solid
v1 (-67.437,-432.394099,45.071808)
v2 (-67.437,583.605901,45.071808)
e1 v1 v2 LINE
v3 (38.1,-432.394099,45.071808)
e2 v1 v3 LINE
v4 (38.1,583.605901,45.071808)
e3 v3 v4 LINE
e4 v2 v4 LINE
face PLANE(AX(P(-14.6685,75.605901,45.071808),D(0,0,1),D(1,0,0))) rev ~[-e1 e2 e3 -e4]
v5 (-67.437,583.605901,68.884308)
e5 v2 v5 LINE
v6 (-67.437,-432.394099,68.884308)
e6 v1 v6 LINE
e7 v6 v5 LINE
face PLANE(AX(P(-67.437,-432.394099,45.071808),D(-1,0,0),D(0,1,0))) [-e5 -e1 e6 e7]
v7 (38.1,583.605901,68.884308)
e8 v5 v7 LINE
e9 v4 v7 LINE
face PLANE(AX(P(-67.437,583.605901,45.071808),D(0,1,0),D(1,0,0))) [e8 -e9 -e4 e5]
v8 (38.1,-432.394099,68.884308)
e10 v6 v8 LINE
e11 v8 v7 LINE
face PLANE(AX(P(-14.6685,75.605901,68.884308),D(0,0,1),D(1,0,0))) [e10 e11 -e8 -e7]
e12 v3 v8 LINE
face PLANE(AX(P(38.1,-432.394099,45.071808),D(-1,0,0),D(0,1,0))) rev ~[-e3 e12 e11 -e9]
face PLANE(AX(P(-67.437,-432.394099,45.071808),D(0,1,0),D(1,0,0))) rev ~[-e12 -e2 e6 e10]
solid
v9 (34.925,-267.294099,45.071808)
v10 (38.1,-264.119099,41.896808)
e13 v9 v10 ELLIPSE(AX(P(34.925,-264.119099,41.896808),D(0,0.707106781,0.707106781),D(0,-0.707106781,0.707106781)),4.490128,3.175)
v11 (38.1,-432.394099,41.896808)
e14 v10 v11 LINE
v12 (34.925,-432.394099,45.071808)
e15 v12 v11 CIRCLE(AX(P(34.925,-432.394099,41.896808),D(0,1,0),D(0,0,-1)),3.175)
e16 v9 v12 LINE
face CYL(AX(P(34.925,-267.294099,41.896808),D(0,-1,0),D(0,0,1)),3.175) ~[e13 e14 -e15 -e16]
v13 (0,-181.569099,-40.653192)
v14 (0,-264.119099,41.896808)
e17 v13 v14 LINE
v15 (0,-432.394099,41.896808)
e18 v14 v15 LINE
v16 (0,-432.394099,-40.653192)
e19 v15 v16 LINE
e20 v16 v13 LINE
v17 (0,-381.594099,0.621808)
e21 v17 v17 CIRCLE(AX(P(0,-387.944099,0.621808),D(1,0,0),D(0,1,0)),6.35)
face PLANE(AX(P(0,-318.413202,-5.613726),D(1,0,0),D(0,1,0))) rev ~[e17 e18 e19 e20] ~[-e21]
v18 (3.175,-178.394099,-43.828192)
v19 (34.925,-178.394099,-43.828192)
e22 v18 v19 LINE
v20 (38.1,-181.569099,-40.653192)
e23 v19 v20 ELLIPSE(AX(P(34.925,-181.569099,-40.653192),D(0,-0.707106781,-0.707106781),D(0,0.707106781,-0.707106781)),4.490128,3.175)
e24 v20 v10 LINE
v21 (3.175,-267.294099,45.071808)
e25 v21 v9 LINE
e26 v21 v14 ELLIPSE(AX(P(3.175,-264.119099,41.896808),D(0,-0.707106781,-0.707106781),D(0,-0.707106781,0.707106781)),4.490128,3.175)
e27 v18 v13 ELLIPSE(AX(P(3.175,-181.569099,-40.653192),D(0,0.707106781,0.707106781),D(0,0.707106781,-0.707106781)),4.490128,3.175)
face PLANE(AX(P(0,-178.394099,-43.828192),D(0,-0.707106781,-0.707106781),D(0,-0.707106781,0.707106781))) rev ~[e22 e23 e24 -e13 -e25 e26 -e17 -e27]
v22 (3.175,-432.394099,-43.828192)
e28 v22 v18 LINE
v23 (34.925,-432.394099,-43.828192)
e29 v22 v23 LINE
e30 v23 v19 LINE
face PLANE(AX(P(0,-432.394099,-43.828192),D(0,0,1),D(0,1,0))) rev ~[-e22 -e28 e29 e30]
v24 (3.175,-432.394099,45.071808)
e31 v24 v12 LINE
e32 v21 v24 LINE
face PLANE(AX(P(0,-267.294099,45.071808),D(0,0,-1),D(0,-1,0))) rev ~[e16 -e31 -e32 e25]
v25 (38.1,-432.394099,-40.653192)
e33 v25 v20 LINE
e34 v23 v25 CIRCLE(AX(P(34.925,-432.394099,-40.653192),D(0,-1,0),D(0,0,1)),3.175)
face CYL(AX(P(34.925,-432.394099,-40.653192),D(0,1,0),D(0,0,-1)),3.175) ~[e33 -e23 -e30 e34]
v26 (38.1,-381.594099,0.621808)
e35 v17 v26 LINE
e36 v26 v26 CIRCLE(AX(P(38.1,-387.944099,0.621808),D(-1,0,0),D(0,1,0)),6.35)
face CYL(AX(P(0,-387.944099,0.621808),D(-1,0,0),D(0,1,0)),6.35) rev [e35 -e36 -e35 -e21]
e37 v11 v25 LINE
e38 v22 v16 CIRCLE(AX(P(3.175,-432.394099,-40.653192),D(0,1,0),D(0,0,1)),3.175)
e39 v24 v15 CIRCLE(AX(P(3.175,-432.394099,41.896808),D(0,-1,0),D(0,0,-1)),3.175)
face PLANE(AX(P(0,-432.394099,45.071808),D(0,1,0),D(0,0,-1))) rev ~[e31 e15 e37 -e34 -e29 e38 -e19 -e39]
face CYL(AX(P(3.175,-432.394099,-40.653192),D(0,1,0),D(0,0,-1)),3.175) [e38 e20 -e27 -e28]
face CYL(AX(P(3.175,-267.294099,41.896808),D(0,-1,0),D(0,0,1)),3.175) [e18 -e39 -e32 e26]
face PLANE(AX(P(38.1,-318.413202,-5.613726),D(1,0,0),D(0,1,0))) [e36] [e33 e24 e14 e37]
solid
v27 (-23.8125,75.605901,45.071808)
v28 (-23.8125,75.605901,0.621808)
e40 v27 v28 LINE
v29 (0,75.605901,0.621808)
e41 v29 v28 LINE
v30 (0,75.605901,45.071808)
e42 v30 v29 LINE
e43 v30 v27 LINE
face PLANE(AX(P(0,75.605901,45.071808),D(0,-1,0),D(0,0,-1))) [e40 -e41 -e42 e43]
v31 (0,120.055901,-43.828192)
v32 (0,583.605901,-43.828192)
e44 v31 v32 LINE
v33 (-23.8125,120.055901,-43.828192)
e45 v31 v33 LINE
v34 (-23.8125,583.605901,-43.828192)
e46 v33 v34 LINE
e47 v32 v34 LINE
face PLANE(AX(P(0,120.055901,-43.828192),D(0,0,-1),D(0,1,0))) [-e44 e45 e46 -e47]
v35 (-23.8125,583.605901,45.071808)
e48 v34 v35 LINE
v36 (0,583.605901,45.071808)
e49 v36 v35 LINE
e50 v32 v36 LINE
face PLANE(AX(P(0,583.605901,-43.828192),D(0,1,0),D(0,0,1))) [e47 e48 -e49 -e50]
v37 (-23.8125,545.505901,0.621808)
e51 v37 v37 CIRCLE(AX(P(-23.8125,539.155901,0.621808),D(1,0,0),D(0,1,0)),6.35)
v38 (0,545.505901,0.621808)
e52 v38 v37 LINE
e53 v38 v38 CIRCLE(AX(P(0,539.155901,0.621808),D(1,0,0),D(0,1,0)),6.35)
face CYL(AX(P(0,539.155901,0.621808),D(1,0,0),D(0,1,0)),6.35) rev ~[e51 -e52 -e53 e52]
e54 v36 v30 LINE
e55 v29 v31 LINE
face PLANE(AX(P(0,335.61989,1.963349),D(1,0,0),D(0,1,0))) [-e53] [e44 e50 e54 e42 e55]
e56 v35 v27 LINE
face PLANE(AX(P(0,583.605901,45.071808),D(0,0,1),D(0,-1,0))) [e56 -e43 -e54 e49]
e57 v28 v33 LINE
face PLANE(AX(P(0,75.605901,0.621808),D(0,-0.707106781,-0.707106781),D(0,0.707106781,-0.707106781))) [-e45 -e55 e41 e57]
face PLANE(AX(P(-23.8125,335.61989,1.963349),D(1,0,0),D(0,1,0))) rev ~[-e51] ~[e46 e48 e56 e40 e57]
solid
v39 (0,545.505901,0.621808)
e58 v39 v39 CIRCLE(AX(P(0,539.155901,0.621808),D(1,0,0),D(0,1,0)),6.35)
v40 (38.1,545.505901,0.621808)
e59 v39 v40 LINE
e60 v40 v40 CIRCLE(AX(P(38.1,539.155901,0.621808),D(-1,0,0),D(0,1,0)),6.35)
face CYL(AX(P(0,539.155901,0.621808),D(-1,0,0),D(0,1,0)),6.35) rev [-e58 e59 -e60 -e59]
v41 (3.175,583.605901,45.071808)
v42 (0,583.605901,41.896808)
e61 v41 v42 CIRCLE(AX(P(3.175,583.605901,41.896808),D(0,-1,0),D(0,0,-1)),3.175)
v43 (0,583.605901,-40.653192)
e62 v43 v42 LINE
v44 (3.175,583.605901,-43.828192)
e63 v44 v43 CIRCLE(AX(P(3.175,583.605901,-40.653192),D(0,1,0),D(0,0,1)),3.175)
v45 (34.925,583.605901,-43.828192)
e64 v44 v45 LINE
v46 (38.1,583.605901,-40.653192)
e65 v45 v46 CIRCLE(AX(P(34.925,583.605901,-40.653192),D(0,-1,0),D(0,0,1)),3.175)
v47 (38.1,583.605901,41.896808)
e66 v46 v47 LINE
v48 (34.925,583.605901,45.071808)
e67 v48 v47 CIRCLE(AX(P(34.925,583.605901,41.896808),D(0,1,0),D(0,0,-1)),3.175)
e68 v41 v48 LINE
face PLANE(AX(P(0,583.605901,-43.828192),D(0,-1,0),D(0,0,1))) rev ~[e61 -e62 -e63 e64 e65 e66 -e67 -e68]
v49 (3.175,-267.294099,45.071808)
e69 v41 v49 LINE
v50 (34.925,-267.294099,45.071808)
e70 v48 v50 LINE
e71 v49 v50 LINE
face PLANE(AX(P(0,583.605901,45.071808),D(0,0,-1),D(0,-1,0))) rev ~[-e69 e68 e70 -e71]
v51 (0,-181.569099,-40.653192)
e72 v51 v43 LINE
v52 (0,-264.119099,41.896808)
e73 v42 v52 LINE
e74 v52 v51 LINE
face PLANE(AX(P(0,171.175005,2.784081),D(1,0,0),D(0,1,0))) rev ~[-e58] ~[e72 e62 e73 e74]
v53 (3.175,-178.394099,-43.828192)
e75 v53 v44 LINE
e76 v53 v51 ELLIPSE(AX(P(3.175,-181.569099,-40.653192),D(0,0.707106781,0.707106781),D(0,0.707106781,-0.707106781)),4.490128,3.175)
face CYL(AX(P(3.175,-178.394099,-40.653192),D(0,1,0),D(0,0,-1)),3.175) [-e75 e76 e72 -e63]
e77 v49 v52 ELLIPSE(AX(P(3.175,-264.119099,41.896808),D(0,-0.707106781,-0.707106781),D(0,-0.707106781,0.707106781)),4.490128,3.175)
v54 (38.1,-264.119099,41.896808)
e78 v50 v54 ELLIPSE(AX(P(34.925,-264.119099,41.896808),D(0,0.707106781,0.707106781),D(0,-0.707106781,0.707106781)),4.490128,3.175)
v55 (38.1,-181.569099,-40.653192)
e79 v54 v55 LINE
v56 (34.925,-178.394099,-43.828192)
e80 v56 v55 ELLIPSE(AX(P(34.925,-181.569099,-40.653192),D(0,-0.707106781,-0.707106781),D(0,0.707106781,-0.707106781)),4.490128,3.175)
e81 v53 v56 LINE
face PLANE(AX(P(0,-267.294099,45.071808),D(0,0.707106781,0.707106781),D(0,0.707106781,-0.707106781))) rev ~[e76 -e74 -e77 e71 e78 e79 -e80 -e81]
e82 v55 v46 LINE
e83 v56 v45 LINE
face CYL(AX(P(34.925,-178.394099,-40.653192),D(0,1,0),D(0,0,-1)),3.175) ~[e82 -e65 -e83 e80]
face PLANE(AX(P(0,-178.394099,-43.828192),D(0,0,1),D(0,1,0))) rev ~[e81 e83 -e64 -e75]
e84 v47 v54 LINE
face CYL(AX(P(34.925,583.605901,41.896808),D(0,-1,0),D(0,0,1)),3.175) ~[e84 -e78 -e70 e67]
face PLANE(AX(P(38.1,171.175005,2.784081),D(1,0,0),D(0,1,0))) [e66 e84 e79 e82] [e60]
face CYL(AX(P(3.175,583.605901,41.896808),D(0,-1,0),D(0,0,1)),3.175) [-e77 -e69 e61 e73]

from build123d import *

# Parameters (mm, degrees)
F1_DEPTH       = 38.1
F2_R           = 3.175
F4_DEPTH       = 38.1
F5_R           = 3.175
F7_DEPTH       = 23.8125
F9_W           = 105.537
F9_H           = 1016
F10_DEPTH      = 23.8125
F11_R          = 6.35
F12_DEPTH      = 67.438
F12_DEPTH_BACK = 38.101


with BuildPart() as f1:
    # F0 (on Right) → F1 (new body)
    with BuildSketch(Plane.YZ):
        Polygon((583.6059013654, 45.071807631), (-267.2940986346, 45.071807631), (-178.3940986346, -43.828192369), (583.6059013654, -43.828192369), align=None)
    extrude(amount=F1_DEPTH)

    # F2
    f2_edges = [f1.edges().sort_by_distance(p)[0] for p in [
        (38.1, 158.155901, 45.071808),
        (0, 158.155901, 45.071808),
        (38.1, 202.605901, -43.828192),
        (0, 202.605901, -43.828192),
    ]]
    fillet(f2_edges, radius=F2_R)


with BuildPart() as f4:
    # F3 (on Right) → F4 (new body)
    with BuildSketch(Plane.YZ):
        Polygon((-432.3940986346, -43.828192369), (-178.3940986346, -43.828192369), (-267.2940986346, 45.071807631), (-432.3940986346, 45.071807631), align=None)
    extrude(amount=F4_DEPTH)

    # F5
    f5_edges = [f4.edges().sort_by_distance(p)[0] for p in [
        (38.1, -349.844099, 45.071808),
        (0, -349.844099, 45.071808),
        (38.1, -305.394099, -43.828192),
        (0, -305.394099, -43.828192),
    ]]
    fillet(f5_edges, radius=F5_R)


with BuildPart() as f7:
    # F6 (on Right) → F7 (new body)
    with BuildSketch(Plane.YZ):
        Polygon((583.6059013654, -43.828192369), (583.6059013654, 45.071807631), (75.6059013654, 45.071807631), (75.6059013654, 0.621807631), (120.0559013654, -43.828192369), align=None)
    extrude(amount=-F7_DEPTH)


with BuildPart() as f10:
    # F9 (on offset) → F10 (new body)
    with BuildSketch(Plane.XY.offset(45.071807631)):
        with Locations((-14.6685, 75.6059013654)):
            Rectangle(F9_W, F9_H)
    extrude(amount=F10_DEPTH)


with BuildPart() as f12_tool:
    # F11 (on Right) → F12 (new body, two sides)
    with BuildSketch(Plane.YZ) as f12_sk:
        with Locations((-387.9440986346, 0.621807631)):
            Circle(F11_R)
        with Locations((539.1559013654, 0.621807631)):
            Circle(F11_R)
    extrude(amount=-F12_DEPTH)
    extrude(f12_sk.sketch, amount=F12_DEPTH_BACK)


with BuildPart() as f1_1:
    add(f1.part)

    # F12: cut by f12_tool
    add(f12_tool.part, mode=Mode.SUBTRACT)


with BuildPart() as f4_1:
    add(f4.part)

    # F12: cut by f12_tool
    add(f12_tool.part, mode=Mode.SUBTRACT)


with BuildPart() as f7_1:
    add(f7.part)

    # F12: cut by f12_tool
    add(f12_tool.part, mode=Mode.SUBTRACT)


solid = Compound([f10.part, f1_1.part, f4_1.part, f7_1.part])
